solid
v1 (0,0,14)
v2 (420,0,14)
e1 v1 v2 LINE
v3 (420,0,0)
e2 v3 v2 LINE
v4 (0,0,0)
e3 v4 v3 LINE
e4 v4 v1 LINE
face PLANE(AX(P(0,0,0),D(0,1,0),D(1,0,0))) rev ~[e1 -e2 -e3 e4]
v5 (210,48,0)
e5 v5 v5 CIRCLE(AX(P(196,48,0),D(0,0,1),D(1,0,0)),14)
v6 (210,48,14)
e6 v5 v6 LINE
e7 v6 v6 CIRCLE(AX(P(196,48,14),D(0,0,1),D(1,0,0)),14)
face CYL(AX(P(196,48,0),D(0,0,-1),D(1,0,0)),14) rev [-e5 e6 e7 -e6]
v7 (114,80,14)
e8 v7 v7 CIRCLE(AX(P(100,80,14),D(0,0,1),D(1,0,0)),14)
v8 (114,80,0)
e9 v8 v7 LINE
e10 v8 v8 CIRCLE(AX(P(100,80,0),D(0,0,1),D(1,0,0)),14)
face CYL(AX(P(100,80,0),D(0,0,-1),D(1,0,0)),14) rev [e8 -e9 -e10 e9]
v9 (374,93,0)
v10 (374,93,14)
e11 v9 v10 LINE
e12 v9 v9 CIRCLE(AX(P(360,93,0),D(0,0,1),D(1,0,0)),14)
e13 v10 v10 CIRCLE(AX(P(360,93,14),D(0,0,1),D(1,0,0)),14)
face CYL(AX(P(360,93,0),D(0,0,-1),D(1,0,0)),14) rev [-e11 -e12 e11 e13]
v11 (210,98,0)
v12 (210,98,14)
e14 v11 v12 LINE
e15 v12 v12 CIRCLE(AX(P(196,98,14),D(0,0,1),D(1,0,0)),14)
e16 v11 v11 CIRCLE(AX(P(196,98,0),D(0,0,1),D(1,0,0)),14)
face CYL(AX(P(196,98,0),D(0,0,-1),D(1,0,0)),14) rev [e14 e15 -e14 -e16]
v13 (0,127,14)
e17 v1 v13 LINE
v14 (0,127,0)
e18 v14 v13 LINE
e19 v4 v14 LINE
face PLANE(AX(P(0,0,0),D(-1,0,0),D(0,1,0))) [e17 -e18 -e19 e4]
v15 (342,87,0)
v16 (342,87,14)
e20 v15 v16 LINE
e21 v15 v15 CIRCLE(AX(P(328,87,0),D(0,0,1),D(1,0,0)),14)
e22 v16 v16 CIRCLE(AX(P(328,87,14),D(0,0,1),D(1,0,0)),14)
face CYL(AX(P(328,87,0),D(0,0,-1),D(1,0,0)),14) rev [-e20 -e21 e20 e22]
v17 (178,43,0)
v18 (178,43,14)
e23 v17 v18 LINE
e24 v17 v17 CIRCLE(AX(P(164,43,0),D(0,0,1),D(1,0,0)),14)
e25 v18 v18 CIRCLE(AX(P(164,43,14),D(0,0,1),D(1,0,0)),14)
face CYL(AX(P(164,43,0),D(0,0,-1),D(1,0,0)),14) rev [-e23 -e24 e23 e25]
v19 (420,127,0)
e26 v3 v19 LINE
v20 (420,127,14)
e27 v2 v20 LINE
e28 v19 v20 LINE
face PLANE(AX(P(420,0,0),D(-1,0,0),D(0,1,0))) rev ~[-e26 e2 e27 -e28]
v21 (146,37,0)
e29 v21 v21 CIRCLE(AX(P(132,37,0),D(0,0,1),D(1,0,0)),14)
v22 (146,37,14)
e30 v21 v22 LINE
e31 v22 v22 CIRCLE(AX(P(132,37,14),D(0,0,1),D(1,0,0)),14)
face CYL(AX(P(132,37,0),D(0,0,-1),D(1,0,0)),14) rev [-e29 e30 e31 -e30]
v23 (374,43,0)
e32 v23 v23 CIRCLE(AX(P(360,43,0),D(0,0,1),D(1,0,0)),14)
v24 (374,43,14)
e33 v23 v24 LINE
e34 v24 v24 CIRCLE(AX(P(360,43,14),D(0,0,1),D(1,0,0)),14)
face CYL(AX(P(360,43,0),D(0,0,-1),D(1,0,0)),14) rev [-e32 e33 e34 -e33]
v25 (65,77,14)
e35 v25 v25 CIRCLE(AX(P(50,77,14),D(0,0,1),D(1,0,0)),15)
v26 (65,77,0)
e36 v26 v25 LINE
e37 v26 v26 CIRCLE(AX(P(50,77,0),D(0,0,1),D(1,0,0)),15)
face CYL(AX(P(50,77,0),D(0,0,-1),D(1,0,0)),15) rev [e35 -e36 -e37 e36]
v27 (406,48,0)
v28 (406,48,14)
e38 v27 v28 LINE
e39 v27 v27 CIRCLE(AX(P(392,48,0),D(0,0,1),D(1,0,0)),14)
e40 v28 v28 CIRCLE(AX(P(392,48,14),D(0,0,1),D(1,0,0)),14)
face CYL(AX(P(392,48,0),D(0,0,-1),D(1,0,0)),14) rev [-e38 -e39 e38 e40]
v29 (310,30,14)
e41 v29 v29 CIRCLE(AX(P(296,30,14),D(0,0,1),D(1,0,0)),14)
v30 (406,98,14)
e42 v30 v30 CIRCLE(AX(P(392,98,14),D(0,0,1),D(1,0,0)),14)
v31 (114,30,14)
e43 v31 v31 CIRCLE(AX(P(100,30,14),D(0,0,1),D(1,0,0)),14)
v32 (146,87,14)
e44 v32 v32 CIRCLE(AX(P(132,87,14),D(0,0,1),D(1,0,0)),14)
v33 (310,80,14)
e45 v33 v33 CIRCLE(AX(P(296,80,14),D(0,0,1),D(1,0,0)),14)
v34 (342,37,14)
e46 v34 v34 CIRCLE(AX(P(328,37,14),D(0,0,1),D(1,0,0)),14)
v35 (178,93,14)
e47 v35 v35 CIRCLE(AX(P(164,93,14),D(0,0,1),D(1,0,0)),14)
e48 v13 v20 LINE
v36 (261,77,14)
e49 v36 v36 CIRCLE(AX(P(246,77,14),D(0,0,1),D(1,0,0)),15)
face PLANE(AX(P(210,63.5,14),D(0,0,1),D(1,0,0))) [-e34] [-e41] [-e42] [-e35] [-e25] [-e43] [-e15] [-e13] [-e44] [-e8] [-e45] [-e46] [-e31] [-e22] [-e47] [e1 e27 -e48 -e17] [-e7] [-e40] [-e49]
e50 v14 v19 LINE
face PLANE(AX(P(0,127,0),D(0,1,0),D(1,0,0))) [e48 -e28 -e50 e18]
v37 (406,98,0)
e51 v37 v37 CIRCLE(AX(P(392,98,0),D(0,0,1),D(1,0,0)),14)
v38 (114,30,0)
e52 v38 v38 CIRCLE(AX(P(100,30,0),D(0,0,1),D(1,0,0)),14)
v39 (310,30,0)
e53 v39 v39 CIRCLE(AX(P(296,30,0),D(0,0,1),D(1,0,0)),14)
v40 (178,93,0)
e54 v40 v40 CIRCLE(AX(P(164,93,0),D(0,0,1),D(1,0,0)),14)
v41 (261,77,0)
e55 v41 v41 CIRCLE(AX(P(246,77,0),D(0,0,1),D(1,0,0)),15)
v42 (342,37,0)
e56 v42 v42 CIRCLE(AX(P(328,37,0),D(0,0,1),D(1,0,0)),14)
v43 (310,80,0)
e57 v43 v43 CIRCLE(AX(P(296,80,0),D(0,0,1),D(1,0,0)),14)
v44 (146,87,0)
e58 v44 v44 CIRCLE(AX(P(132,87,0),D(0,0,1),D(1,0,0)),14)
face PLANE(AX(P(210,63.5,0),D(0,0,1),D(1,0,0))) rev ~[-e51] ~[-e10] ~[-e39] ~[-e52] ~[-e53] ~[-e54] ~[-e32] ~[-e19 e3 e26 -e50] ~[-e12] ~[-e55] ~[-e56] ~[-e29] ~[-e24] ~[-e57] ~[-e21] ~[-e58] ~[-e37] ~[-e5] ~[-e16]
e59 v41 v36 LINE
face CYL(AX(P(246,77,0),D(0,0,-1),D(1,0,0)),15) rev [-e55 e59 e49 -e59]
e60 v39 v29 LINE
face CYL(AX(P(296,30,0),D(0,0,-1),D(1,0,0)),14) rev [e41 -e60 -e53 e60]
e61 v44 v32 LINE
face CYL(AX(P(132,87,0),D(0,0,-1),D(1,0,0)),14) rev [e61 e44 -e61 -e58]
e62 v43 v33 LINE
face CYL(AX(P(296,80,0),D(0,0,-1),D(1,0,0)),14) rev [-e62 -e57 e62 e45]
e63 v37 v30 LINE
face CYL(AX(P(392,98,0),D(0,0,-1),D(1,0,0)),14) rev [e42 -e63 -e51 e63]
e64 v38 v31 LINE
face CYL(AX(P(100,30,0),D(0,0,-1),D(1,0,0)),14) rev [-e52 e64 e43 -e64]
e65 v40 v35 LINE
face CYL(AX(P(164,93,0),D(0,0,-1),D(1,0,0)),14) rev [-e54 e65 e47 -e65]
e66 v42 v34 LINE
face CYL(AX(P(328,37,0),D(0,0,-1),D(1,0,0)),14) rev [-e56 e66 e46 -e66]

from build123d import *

# Parameters (mm, degrees)
SKETCH_W   = 420
SKETCH_H   = 127
SKETCH_R   = 15
SKETCH_R_2 = 14
PAD_DEPTH  = 14


with BuildPart() as part:
    # Sketch → Pad (new body)
    with BuildSketch(Plane.XY):
        with Locations((210, 63.5)):
            Rectangle(SKETCH_W, SKETCH_H)
        with Locations((50, 77)):
            Circle(SKETCH_R, mode=Mode.SUBTRACT)
        with Locations((100, 80)):
            Circle(SKETCH_R_2, mode=Mode.SUBTRACT)
        with Locations((132, 87)):
            Circle(SKETCH_R_2, mode=Mode.SUBTRACT)
        with Locations((164, 93)):
            Circle(SKETCH_R_2, mode=Mode.SUBTRACT)
        with Locations((196, 98)):
            Circle(SKETCH_R_2, mode=Mode.SUBTRACT)
        with Locations((100, 30)):
            Circle(SKETCH_R_2, mode=Mode.SUBTRACT)
        with Locations((132, 37)):
            Circle(SKETCH_R_2, mode=Mode.SUBTRACT)
        with Locations((164, 43)):
            Circle(SKETCH_R_2, mode=Mode.SUBTRACT)
        with Locations((196, 48)):
            Circle(SKETCH_R_2, mode=Mode.SUBTRACT)
        with Locations((246, 77)):
            Circle(SKETCH_R, mode=Mode.SUBTRACT)
        with Locations((296, 80)):
            Circle(SKETCH_R_2, mode=Mode.SUBTRACT)
        with Locations((328, 87)):
            Circle(SKETCH_R_2, mode=Mode.SUBTRACT)
        with Locations((360, 93)):
            Circle(SKETCH_R_2, mode=Mode.SUBTRACT)
        with Locations((392, 98)):
            Circle(SKETCH_R_2, mode=Mode.SUBTRACT)
        with Locations((392, 48)):
            Circle(SKETCH_R_2, mode=Mode.SUBTRACT)
        with Locations((360, 43)):
            Circle(SKETCH_R_2, mode=Mode.SUBTRACT)
        with Locations((328, 37)):
            Circle(SKETCH_R_2, mode=Mode.SUBTRACT)
        with Locations((296, 30)):
            Circle(SKETCH_R_2, mode=Mode.SUBTRACT)
    extrude(amount=PAD_DEPTH)


solid = part.part
